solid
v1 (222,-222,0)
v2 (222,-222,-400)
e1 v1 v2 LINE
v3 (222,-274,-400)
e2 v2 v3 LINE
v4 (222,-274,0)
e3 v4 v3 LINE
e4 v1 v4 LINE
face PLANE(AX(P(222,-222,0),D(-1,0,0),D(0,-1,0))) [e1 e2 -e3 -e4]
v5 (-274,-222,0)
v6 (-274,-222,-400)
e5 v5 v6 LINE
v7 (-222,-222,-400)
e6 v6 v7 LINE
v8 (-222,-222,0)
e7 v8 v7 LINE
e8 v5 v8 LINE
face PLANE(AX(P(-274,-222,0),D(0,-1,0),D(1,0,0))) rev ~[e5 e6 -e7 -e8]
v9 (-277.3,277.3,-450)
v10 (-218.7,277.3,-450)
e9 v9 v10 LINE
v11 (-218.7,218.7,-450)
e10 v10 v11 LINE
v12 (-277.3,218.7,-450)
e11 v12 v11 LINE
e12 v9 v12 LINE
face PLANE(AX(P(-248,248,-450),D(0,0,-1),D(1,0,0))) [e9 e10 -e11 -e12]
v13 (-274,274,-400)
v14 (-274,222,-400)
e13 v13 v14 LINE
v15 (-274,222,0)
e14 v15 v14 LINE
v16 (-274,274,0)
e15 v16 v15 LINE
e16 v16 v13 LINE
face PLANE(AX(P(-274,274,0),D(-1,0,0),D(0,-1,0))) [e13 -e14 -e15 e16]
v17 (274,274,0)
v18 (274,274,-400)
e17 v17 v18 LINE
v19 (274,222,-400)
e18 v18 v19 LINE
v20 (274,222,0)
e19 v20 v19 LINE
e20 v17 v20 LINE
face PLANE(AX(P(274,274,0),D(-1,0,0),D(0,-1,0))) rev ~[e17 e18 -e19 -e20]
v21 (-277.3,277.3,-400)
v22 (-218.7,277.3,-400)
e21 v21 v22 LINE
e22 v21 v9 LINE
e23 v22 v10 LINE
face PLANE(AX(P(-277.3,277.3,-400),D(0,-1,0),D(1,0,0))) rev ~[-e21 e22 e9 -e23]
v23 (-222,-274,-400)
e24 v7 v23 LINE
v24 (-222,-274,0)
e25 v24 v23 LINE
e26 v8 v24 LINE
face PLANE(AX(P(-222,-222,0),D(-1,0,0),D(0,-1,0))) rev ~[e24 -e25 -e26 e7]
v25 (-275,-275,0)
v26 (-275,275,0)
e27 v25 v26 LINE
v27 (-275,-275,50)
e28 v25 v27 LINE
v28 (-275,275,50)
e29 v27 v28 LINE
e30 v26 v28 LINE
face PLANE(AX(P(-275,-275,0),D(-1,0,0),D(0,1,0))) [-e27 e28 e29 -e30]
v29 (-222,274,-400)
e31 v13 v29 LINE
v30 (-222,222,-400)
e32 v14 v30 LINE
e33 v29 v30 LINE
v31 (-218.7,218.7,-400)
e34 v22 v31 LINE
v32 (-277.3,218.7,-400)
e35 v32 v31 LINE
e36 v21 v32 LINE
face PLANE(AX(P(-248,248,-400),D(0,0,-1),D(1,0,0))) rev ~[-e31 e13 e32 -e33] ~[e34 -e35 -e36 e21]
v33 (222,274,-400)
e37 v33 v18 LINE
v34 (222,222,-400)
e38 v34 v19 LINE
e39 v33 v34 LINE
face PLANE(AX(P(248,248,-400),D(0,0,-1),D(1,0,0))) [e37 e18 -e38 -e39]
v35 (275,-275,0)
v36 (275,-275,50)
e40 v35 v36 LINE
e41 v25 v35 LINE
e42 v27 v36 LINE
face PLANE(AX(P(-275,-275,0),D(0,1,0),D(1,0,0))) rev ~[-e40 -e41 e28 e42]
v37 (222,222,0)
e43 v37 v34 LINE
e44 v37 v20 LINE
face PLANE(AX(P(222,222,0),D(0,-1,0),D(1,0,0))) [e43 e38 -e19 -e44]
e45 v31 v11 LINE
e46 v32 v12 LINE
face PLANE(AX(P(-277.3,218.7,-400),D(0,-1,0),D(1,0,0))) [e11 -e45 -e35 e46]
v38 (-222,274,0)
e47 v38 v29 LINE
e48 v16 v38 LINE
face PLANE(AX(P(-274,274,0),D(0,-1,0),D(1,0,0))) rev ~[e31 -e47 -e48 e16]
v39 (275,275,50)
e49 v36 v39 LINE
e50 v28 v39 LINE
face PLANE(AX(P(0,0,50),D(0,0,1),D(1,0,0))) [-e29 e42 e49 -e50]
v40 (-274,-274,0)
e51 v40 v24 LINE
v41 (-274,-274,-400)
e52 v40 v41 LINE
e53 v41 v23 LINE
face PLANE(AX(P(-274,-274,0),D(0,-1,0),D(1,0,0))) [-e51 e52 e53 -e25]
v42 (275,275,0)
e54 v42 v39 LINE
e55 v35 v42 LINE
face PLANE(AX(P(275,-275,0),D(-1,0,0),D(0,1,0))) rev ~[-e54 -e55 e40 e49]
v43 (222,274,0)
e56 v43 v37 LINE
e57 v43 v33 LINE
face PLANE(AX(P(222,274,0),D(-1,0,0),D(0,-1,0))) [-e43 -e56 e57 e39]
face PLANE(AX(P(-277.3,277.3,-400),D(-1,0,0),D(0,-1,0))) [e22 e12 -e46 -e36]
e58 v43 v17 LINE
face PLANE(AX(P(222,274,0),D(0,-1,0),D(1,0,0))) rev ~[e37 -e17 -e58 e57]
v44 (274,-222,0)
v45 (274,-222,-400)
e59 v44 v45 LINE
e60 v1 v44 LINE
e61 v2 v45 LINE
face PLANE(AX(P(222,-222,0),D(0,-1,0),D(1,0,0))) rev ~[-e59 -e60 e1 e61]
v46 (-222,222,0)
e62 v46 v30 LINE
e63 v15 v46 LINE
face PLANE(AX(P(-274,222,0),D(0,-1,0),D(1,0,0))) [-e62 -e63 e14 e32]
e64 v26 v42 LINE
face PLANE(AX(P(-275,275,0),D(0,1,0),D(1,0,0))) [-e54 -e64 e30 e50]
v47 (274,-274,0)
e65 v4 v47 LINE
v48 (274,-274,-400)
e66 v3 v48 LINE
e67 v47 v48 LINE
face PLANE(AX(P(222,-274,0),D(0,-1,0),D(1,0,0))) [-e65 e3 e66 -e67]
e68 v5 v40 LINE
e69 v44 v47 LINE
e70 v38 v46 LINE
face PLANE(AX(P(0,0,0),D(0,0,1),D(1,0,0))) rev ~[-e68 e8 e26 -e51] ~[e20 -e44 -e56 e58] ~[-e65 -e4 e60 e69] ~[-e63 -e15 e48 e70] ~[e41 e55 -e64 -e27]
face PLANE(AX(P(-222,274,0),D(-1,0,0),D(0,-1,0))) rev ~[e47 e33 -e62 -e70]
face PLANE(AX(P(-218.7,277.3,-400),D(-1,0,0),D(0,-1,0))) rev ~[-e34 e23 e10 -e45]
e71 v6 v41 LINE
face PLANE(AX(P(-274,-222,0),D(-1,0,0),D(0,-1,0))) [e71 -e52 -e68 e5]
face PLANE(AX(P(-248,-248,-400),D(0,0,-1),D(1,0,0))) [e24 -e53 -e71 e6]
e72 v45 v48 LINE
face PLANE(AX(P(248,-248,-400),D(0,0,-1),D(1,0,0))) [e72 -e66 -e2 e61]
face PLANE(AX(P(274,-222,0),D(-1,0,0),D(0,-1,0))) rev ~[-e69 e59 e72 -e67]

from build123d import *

# Parameters (mm, degrees)
F0_W     = 550
F0_H     = 550
F1_DEPTH = 50
F2_W     = 52
F2_H     = 52
F3_DEPTH = 400
F4_W     = 58.6
F4_H     = 58.6
F5_DEPTH = 50


with BuildPart() as f1:
    # F0 (on Top) → F1 (new body)
    with BuildSketch(Plane.XY):
        Rectangle(F0_W, F0_H)
    extrude(amount=F1_DEPTH)

    # F2 (on face) → F3 (join)
    with BuildSketch(Plane(origin=(0, 0, 0), x_dir=(1, 0, 0), z_dir=(0, 0, -1))):
        with Locations((-248, 248)):
            Rectangle(F2_W, F2_H)
        with Locations((248, 248)):
            Rectangle(F2_W, F2_H)
        with Locations((248, -248)):
            Rectangle(F2_W, F2_H)
        with Locations((-248, -248)):
            Rectangle(F2_W, F2_H)
    extrude(amount=F3_DEPTH)

    # F4 (on face) → F5 (join)
    with BuildSketch(Plane(origin=(0, 0, -400), x_dir=(1, 0, 0), z_dir=(0, 0, -1))):
        with Locations((-248, -248)):
            Rectangle(F4_W, F4_H)
    extrude(amount=F5_DEPTH)


solid = f1.part
